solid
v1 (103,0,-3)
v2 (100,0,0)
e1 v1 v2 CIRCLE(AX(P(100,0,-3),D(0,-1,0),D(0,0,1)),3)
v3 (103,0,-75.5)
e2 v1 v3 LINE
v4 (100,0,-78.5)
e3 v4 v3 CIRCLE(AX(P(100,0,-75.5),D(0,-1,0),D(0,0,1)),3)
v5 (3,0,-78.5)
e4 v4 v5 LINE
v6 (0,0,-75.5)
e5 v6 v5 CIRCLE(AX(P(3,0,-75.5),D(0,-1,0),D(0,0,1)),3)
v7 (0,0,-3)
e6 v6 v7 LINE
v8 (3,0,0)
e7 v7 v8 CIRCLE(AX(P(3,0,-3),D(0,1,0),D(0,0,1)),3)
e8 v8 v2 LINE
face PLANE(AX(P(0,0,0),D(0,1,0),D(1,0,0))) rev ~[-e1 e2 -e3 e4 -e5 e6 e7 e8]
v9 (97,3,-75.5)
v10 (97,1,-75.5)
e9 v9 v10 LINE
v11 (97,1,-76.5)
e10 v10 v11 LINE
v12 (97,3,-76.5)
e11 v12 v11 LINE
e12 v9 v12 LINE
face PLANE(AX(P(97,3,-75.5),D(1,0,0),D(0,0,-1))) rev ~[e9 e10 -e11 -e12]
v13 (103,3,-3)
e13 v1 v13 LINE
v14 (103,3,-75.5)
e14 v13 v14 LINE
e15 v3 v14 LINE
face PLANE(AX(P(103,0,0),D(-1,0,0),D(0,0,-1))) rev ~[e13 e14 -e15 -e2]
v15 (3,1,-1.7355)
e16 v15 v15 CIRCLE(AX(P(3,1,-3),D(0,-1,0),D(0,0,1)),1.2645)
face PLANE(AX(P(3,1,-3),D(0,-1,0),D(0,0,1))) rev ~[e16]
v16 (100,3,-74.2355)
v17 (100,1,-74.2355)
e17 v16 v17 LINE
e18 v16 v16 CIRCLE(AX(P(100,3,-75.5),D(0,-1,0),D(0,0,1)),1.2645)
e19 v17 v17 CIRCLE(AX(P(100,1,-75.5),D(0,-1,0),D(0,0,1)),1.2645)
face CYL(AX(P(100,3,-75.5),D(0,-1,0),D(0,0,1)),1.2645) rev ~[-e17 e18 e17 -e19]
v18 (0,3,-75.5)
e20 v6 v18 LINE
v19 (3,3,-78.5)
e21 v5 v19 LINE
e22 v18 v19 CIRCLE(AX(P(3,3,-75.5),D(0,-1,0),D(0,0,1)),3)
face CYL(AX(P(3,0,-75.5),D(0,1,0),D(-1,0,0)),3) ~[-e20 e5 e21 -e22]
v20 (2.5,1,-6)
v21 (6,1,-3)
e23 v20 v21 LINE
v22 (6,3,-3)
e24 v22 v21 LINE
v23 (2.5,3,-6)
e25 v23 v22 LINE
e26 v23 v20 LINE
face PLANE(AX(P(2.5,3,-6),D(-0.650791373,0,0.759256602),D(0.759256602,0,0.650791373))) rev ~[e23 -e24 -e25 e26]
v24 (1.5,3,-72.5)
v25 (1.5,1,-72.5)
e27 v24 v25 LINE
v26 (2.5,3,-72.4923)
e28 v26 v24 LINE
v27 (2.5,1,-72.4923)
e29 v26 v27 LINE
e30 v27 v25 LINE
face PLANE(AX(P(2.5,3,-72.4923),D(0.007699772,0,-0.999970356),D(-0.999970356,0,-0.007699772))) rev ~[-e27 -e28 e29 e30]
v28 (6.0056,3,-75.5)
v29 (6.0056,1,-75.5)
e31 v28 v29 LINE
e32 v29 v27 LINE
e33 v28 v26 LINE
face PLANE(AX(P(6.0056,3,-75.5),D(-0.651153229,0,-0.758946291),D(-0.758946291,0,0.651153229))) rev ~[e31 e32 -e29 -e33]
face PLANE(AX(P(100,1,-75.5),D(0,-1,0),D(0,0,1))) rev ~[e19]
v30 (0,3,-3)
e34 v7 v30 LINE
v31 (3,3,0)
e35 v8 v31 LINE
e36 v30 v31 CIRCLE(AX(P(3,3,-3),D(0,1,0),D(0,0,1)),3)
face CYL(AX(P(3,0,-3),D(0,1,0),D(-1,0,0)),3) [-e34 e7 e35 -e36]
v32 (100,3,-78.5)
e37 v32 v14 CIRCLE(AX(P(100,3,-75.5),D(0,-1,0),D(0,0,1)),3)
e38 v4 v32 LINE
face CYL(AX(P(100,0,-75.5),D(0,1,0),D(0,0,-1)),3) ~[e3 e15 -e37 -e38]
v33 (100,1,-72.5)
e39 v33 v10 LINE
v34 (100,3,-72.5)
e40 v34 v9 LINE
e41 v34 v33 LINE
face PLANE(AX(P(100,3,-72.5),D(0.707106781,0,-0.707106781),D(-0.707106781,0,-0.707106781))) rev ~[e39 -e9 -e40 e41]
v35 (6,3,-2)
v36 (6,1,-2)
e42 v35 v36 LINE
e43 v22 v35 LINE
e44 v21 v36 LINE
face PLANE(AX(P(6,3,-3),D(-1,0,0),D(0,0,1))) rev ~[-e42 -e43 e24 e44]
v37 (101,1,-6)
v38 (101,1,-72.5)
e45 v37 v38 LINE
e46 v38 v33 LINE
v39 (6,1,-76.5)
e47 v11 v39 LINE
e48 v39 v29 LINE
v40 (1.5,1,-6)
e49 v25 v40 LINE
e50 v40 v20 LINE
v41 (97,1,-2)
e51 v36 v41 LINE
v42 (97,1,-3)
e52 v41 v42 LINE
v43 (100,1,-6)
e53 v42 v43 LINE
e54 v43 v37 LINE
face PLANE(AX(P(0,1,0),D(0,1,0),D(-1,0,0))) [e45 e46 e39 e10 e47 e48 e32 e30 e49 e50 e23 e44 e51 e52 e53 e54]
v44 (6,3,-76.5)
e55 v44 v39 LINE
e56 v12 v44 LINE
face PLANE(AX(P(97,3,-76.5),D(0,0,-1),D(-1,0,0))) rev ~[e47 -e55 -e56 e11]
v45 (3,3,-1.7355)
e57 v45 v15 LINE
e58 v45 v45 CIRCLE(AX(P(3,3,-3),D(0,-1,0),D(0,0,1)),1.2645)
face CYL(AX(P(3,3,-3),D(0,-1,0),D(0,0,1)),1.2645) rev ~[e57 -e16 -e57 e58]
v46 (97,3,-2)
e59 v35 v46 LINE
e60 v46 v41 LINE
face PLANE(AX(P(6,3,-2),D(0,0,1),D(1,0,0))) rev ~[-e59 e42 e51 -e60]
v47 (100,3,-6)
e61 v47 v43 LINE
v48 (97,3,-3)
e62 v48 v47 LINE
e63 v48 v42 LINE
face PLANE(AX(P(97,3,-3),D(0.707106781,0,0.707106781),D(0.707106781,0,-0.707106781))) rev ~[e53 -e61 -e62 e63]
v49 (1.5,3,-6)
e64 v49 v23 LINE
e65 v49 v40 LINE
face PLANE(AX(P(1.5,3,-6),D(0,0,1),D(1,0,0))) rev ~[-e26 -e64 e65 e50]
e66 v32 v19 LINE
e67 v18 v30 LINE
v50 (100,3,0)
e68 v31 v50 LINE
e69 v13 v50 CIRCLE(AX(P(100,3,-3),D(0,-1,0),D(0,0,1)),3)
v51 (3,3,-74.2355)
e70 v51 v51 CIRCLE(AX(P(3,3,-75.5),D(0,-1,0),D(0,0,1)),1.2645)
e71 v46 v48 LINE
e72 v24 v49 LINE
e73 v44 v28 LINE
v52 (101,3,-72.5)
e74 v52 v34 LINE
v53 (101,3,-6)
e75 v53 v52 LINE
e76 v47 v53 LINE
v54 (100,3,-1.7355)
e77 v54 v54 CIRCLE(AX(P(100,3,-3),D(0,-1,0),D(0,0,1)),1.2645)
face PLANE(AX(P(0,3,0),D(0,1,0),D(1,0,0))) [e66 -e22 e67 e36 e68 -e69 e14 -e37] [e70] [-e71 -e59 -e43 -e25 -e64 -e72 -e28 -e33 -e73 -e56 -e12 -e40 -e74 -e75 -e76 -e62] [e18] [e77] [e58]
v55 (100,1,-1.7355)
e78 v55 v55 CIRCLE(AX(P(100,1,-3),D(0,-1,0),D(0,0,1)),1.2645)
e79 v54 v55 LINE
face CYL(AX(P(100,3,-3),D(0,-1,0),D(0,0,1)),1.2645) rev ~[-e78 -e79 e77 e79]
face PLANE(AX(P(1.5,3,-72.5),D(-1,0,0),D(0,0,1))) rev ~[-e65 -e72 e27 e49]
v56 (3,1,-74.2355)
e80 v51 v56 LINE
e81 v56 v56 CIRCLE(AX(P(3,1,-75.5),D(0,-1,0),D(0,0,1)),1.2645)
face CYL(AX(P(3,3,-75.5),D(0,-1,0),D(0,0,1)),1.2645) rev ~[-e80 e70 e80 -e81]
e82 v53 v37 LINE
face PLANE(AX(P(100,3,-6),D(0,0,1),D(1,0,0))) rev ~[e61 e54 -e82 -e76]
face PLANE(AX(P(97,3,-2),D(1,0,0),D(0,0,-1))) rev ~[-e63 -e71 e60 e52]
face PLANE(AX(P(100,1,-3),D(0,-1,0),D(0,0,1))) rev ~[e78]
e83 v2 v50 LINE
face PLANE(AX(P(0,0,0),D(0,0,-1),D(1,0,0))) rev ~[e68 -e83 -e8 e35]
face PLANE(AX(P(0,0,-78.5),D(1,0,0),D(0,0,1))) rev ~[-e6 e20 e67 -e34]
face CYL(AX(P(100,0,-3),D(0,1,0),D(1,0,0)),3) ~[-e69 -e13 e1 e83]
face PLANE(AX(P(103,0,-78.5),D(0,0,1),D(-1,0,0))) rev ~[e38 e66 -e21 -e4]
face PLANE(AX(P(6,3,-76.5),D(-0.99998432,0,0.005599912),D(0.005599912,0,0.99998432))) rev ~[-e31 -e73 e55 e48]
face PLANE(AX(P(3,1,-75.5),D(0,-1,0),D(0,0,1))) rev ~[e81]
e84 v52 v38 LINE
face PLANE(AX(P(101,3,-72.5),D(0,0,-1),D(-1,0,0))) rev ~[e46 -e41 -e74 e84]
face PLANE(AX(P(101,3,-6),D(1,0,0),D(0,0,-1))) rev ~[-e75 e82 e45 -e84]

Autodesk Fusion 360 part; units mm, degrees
sketch "Sketch1" plane through (0, 0, 0) normal (0, 1, 0) x (1, 0, 0)
  line L0 (0, 0) -> (103, 0)
  line L1 (103, 0) -> (103, 78.5)
  line L2 (103, 78.5) -> (0, 78.5)
  line L3 (0, 78.5) -> (0, 0)
  dimension "d1" = 103
  dimension "d2" = 78.5
extrude "Extrude1" add sketch "Sketch1" along normal blind 3
fillet "Fillet1" radius 3 4 edges at (0, 1.5, 0) (103, 1.5, 0) (103, 1.5, -78.5) (0, 1.5, -78.5)
sketch "Sketch6" plane through (0, 3, 0) normal (0, 1, 0) x (-1, 0, 0)
  arc A0 (-3, -78.5) -> (0, -75.5) centre (-3, -75.5) ccw
  line L0 (0, -75.5) -> (0, -3)
  arc A1 (0, -3) -> (-3, 0) centre (-3, -3) ccw
  line L1 (-3, 0) -> (-100, 0)
  arc A2 (-100, 0) -> (-103, -3) centre (-100, -3) ccw
  line L2 (-103, -3) -> (-103, -75.5)
  arc A3 (-103, -75.5) -> (-100, -78.5) centre (-100, -75.5) ccw
  line L3 (-100, -78.5) -> (-3, -78.5)
  line L4 (-1.5, -72.5) -> (-1.5, -6)
  line L5 (-1.5, -6) -> (-2.5, -6)
  line L6 (-2.5, -6) -> (-6, -3)
  line L7 (-6, -3) -> (-6, -2)
  line L8 (-6, -2) -> (-97, -2)
  line L9 (-97, -2) -> (-97, -3)
  line L10 (-97, -3) -> (-100, -6)
  line L11 (-100, -6) -> (-101, -6)
  line L12 (-101, -6) -> (-101, -72.5)
  line L13 (-101, -72.5) -> (-100, -72.5)
  line L14 (-100, -72.5) -> (-97, -75.5)
  line L15 (-97, -75.5) -> (-97, -76.5)
  line L16 (-97, -76.5) -> (-6, -76.5)
  line L17 (-6, -76.5) -> (-6.0056, -75.5)
  line L18 (-6.0056, -75.5) -> (-2.5, -72.4923)
  line L19 (-2.5, -72.4923) -> (-1.5, -72.5)
  dimension "d181" = 6
  dimension "d182" = 6
  dimension "d184" = 1
  dimension "d185" = 6
  dimension "d186" = 66.5
  dimension "d187" = 1
  dimension "d188" = 1
  dimension "d189" = 1
  dimension "d191" = 6
  dimension "d192" = 6
  dimension "d193" = 1
  dimension "d194" = 1
  dimension "d195" = 6
  dimension "d196" = 1
  dimension "d197" = 6
  dimension "d198" = 1
  dimension "d199" = 6
  dimension "d200" = 2
  dimension "d201" = 2
  dimension "d202" = 2
  dimension "d203" = 2
  dimension "d204" = 2
  dimension "d205" = 2
  dimension "d206" = 1.5
  dimension "d207" = 2
extrude "Extrude6" cut sketch "Sketch6" against normal blind 2 contours L4 L5 L6 L7 L8 L9 L10 L11 L12 L13 L14 L15 L16 L17 L18 L19
sketch "Sketch7" plane through (0, 3, 0) normal (0, 1, 0) x (-1, 0, 0)
  line L0 (-1.5, -6) -> (-1.5, -72.5)
  line L1 (-1.5, -72.5) -> (-2.5, -72.4923)
  line L2 (-2.5, -72.4923) -> (-6.0056, -75.5)
  line L3 (-6.0056, -75.5) -> (-6, -76.5)
  line L4 (-6, -76.5) -> (-97, -76.5)
  line L5 (-97, -76.5) -> (-97, -75.5)
  line L6 (-97, -75.5) -> (-100, -72.5)
  line L7 (-100, -72.5) -> (-101, -72.5)
  line L8 (-101, -72.5) -> (-101, -6)
  line L9 (-101, -6) -> (-100, -6)
  line L10 (-100, -6) -> (-97, -3)
  line L11 (-97, -3) -> (-97, -2)
  line L12 (-97, -2) -> (-6, -2)
  line L13 (-6, -2) -> (-6, -3)
  line L14 (-6, -3) -> (-2.5, -6)
  line L15 (-2.5, -6) -> (-1.5, -6)
  arc A0 (-3, -78.5) -> (0, -75.5) centre (-3, -75.5) ccw
  line L16 (0, -75.5) -> (0, -3)
  arc A1 (0, -3) -> (-3, 0) centre (-3, -3) ccw
  line L17 (-3, 0) -> (-100, 0)
  arc A2 (-100, 0) -> (-103, -3) centre (-100, -3) ccw
  line L18 (-103, -3) -> (-103, -75.5)
  arc A3 (-103, -75.5) -> (-100, -78.5) centre (-100, -75.5) ccw
  line L19 (-100, -78.5) -> (-3, -78.5)
  point P0 (-3, -75.5)
  point P1 (-100, -75.5)
  point P2 (-3, -3)
  point P3 (-100, -3)
hole "Hole1" at (3, 3, -75.5) at (100, 3, -75.5) at (3, 3, -3) at (100, 3, -3) direction (0, -1, 0) diameter 2.529 depth 2 tip angle 180
